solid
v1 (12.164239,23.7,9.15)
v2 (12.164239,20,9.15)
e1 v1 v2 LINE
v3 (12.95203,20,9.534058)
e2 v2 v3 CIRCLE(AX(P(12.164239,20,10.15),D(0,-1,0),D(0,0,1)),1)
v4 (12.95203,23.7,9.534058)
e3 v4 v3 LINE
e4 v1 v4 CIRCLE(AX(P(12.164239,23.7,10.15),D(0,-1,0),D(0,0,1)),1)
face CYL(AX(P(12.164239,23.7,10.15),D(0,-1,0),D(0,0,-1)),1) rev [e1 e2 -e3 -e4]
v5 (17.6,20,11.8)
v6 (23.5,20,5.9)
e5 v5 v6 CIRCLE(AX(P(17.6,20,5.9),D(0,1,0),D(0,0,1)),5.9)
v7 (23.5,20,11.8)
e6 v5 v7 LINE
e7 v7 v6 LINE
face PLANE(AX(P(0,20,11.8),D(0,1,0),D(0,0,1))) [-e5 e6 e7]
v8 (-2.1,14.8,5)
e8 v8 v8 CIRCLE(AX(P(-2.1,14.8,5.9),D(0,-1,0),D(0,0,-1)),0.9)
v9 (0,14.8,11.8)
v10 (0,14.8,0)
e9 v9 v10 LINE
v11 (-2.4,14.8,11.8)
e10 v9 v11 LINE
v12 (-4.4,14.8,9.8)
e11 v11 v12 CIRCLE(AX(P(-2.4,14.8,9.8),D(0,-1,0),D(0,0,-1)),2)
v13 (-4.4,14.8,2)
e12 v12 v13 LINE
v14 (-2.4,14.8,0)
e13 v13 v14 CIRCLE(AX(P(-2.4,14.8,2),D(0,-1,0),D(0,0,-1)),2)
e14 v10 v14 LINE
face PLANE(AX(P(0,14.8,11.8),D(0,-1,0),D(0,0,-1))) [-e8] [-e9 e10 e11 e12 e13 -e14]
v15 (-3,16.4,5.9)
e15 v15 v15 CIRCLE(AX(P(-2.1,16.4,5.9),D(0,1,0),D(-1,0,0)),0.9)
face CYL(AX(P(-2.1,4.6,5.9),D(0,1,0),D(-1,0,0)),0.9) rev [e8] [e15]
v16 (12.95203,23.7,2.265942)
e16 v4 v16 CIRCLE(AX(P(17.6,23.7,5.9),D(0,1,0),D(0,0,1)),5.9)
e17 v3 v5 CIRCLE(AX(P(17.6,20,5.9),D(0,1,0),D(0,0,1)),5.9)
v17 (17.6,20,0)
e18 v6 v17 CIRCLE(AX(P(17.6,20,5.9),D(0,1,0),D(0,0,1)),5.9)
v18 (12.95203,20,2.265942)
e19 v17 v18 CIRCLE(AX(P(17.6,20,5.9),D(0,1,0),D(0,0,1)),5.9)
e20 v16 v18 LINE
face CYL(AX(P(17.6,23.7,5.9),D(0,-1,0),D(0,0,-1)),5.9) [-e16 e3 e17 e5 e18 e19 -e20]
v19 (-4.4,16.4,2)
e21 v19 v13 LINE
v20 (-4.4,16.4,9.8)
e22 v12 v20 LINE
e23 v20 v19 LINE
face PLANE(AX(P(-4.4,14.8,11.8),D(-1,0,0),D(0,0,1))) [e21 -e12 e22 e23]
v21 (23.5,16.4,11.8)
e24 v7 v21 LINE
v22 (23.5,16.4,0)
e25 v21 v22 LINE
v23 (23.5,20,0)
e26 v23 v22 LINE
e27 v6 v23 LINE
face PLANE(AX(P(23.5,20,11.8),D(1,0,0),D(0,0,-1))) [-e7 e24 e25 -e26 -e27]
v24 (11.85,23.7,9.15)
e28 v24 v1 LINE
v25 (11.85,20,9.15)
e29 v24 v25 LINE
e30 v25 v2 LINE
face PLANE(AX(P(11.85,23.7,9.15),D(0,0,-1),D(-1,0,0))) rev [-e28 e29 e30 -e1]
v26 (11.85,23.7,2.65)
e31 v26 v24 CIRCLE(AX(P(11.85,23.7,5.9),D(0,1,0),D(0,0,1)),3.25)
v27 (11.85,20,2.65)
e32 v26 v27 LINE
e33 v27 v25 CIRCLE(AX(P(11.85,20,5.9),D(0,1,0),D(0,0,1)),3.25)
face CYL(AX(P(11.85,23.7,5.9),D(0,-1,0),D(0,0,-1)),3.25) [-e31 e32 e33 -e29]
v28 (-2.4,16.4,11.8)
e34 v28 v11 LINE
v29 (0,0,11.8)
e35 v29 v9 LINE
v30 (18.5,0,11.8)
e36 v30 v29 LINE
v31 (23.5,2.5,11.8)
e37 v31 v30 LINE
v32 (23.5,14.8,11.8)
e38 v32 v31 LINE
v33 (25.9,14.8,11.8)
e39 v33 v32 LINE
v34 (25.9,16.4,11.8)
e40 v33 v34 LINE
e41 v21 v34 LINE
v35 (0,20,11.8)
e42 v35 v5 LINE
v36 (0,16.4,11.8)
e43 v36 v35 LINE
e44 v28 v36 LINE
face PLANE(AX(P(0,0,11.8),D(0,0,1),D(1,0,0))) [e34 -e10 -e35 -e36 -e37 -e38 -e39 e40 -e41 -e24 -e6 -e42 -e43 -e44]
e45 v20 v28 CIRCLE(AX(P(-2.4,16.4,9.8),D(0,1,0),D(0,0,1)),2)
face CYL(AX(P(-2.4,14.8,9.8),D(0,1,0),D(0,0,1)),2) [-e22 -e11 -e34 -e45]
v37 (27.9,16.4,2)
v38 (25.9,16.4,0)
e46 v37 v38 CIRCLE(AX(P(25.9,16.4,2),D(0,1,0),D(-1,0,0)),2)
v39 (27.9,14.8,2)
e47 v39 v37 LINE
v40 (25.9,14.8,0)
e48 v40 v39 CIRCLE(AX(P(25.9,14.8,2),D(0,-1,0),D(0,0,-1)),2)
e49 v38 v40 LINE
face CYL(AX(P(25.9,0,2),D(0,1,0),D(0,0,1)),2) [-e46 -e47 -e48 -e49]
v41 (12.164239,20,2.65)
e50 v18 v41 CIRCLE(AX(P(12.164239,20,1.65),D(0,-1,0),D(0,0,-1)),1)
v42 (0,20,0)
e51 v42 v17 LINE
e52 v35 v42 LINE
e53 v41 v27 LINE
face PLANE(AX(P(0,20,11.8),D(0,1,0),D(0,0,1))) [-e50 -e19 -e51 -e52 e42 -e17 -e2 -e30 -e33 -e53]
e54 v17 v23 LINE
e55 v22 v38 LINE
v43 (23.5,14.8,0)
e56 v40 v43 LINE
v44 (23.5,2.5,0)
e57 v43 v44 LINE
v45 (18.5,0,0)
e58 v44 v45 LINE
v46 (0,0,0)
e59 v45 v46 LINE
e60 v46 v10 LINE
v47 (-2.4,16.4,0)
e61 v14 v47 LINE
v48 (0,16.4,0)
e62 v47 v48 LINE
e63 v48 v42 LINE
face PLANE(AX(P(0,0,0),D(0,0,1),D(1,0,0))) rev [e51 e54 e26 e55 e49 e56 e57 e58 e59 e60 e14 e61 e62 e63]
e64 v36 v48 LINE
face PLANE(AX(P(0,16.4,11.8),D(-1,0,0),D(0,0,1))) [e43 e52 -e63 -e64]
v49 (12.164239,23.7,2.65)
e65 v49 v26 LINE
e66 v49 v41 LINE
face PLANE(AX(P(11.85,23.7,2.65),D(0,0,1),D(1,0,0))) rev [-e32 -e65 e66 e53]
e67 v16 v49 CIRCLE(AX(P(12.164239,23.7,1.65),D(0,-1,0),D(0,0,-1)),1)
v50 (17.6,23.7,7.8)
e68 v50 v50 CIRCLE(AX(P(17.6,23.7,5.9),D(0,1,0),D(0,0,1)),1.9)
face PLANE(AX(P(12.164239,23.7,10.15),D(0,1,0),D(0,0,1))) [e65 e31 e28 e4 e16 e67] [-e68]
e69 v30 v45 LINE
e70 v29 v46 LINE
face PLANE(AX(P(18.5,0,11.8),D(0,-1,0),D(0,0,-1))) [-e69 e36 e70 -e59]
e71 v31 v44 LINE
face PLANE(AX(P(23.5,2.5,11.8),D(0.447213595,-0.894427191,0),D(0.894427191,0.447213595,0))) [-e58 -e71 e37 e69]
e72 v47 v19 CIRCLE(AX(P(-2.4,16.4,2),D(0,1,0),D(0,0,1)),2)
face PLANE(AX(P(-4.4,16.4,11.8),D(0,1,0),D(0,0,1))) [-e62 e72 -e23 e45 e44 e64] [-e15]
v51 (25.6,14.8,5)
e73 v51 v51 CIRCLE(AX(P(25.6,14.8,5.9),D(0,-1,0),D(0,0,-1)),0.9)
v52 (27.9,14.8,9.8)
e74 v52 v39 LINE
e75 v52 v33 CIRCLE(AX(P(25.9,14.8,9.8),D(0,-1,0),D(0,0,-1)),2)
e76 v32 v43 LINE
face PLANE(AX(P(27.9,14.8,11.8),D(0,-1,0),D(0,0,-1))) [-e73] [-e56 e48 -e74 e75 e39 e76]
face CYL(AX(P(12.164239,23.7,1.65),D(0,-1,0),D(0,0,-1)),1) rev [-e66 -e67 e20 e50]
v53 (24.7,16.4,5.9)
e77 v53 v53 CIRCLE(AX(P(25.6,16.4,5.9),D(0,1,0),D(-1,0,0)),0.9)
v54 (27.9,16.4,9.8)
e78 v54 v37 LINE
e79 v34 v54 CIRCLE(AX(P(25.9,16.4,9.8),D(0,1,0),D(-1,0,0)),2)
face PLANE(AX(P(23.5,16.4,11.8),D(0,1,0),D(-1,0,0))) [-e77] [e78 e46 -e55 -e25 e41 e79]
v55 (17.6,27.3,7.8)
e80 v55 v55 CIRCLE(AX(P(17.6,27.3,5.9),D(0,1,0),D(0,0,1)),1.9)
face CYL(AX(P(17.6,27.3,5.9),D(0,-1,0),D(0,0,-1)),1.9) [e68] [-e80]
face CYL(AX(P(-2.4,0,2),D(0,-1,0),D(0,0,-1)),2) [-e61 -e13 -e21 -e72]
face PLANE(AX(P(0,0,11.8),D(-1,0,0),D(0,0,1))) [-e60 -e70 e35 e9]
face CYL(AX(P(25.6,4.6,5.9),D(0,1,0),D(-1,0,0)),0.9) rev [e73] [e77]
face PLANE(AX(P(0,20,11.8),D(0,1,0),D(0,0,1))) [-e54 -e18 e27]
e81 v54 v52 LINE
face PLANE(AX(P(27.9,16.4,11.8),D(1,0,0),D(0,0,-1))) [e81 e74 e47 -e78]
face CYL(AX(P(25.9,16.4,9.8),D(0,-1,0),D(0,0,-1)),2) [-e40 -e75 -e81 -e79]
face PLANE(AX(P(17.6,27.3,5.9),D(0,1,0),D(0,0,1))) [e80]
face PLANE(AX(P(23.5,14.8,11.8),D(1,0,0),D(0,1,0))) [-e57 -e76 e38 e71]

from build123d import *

# Parameters (mm, degrees)
DODANIE_WYCI_GNI_CIE1_DEPTH = 11.8
SZKIC2_R                    = 0.9
WYTNIJ_WYCI_GNI_CIE1_DEPTH  = 11.8
ZAOKR_GLENIE1_R             = 2
DODANIE_WYCI_GNI_CIE2_DEPTH = 3.7
SZKIC4_R                    = 1.9
DODANIE_WYCI_GNI_CIE3_DEPTH = 3.6


with BuildPart() as part:
    # Szkic1 → Dodanie-wyciągnięcie1 (new body)
    with BuildSketch(Plane.XY):
        Polygon((0, 0), (0, 14.8), (-4.4, 14.8), (-4.4, 16.4), (0, 16.4), (0, 20), (23.5, 20), (23.5, 16.4), (27.9, 16.4), (27.9, 14.8), (23.5, 14.8), (23.5, 2.5), (18.5, 0), align=None)
    extrude(amount=DODANIE_WYCI_GNI_CIE1_DEPTH)

    # Szkic2 → Wytnij-wyciągnięcie1 (cut)
    with BuildSketch(Plane(origin=(0, 16.4, 0), x_dir=(1, 0, 0), z_dir=(0, 1, 0))):
        with Locations((-2.1, -5.9)):
            Circle(SZKIC2_R)
        with Locations((25.6, -5.9)):
            Circle(SZKIC2_R)
    extrude(amount=-WYTNIJ_WYCI_GNI_CIE1_DEPTH, mode=Mode.SUBTRACT)

    # Zaokrąglenie1
    zaokr_glenie1_edges = [part.edges().sort_by_distance(p)[0] for p in [
        (-4.4, 15.6, 0),
        (27.9, 15.6, 0),
        (27.9, 15.6, 11.8),
        (-4.4, 15.6, 11.8),
    ]]
    fillet(zaokr_glenie1_edges, radius=ZAOKR_GLENIE1_R)

    # Szkic3 → Dodanie-wyciągnięcie2 (add)
    with BuildSketch(Plane(origin=(0, 20, 0), x_dir=(1, 0, 0), z_dir=(0, 1, 0))):
        with BuildLine():
            Line((11.85, -2.65), (12.164238784, -2.65))
            ThreePointArc((12.164238784, -2.65), (12.602449904, -2.548872079), (12.952030264, -2.265942029))
            ThreePointArc((12.952030264, -2.265942029), (23.5, -5.9), (12.952030264, -9.534057971))
            ThreePointArc((12.952030264, -9.534057971), (12.602449904, -9.251127921), (12.164238784, -9.15))
            Line((12.164238784, -9.15), (11.85, -9.15))
            ThreePointArc((11.85, -9.15), (8.6, -5.9), (11.85, -2.65))
        make_face()
    extrude(amount=DODANIE_WYCI_GNI_CIE2_DEPTH)

    # Szkic4 → Dodanie-wyciągnięcie3 (add)
    with BuildSketch(Plane(origin=(0, 23.7, 0), x_dir=(1, 0, 0), z_dir=(0, 1, 0))):
        with Locations((17.6, -5.9)):
            Circle(SZKIC4_R)
    extrude(amount=DODANIE_WYCI_GNI_CIE3_DEPTH)


solid = part.part
